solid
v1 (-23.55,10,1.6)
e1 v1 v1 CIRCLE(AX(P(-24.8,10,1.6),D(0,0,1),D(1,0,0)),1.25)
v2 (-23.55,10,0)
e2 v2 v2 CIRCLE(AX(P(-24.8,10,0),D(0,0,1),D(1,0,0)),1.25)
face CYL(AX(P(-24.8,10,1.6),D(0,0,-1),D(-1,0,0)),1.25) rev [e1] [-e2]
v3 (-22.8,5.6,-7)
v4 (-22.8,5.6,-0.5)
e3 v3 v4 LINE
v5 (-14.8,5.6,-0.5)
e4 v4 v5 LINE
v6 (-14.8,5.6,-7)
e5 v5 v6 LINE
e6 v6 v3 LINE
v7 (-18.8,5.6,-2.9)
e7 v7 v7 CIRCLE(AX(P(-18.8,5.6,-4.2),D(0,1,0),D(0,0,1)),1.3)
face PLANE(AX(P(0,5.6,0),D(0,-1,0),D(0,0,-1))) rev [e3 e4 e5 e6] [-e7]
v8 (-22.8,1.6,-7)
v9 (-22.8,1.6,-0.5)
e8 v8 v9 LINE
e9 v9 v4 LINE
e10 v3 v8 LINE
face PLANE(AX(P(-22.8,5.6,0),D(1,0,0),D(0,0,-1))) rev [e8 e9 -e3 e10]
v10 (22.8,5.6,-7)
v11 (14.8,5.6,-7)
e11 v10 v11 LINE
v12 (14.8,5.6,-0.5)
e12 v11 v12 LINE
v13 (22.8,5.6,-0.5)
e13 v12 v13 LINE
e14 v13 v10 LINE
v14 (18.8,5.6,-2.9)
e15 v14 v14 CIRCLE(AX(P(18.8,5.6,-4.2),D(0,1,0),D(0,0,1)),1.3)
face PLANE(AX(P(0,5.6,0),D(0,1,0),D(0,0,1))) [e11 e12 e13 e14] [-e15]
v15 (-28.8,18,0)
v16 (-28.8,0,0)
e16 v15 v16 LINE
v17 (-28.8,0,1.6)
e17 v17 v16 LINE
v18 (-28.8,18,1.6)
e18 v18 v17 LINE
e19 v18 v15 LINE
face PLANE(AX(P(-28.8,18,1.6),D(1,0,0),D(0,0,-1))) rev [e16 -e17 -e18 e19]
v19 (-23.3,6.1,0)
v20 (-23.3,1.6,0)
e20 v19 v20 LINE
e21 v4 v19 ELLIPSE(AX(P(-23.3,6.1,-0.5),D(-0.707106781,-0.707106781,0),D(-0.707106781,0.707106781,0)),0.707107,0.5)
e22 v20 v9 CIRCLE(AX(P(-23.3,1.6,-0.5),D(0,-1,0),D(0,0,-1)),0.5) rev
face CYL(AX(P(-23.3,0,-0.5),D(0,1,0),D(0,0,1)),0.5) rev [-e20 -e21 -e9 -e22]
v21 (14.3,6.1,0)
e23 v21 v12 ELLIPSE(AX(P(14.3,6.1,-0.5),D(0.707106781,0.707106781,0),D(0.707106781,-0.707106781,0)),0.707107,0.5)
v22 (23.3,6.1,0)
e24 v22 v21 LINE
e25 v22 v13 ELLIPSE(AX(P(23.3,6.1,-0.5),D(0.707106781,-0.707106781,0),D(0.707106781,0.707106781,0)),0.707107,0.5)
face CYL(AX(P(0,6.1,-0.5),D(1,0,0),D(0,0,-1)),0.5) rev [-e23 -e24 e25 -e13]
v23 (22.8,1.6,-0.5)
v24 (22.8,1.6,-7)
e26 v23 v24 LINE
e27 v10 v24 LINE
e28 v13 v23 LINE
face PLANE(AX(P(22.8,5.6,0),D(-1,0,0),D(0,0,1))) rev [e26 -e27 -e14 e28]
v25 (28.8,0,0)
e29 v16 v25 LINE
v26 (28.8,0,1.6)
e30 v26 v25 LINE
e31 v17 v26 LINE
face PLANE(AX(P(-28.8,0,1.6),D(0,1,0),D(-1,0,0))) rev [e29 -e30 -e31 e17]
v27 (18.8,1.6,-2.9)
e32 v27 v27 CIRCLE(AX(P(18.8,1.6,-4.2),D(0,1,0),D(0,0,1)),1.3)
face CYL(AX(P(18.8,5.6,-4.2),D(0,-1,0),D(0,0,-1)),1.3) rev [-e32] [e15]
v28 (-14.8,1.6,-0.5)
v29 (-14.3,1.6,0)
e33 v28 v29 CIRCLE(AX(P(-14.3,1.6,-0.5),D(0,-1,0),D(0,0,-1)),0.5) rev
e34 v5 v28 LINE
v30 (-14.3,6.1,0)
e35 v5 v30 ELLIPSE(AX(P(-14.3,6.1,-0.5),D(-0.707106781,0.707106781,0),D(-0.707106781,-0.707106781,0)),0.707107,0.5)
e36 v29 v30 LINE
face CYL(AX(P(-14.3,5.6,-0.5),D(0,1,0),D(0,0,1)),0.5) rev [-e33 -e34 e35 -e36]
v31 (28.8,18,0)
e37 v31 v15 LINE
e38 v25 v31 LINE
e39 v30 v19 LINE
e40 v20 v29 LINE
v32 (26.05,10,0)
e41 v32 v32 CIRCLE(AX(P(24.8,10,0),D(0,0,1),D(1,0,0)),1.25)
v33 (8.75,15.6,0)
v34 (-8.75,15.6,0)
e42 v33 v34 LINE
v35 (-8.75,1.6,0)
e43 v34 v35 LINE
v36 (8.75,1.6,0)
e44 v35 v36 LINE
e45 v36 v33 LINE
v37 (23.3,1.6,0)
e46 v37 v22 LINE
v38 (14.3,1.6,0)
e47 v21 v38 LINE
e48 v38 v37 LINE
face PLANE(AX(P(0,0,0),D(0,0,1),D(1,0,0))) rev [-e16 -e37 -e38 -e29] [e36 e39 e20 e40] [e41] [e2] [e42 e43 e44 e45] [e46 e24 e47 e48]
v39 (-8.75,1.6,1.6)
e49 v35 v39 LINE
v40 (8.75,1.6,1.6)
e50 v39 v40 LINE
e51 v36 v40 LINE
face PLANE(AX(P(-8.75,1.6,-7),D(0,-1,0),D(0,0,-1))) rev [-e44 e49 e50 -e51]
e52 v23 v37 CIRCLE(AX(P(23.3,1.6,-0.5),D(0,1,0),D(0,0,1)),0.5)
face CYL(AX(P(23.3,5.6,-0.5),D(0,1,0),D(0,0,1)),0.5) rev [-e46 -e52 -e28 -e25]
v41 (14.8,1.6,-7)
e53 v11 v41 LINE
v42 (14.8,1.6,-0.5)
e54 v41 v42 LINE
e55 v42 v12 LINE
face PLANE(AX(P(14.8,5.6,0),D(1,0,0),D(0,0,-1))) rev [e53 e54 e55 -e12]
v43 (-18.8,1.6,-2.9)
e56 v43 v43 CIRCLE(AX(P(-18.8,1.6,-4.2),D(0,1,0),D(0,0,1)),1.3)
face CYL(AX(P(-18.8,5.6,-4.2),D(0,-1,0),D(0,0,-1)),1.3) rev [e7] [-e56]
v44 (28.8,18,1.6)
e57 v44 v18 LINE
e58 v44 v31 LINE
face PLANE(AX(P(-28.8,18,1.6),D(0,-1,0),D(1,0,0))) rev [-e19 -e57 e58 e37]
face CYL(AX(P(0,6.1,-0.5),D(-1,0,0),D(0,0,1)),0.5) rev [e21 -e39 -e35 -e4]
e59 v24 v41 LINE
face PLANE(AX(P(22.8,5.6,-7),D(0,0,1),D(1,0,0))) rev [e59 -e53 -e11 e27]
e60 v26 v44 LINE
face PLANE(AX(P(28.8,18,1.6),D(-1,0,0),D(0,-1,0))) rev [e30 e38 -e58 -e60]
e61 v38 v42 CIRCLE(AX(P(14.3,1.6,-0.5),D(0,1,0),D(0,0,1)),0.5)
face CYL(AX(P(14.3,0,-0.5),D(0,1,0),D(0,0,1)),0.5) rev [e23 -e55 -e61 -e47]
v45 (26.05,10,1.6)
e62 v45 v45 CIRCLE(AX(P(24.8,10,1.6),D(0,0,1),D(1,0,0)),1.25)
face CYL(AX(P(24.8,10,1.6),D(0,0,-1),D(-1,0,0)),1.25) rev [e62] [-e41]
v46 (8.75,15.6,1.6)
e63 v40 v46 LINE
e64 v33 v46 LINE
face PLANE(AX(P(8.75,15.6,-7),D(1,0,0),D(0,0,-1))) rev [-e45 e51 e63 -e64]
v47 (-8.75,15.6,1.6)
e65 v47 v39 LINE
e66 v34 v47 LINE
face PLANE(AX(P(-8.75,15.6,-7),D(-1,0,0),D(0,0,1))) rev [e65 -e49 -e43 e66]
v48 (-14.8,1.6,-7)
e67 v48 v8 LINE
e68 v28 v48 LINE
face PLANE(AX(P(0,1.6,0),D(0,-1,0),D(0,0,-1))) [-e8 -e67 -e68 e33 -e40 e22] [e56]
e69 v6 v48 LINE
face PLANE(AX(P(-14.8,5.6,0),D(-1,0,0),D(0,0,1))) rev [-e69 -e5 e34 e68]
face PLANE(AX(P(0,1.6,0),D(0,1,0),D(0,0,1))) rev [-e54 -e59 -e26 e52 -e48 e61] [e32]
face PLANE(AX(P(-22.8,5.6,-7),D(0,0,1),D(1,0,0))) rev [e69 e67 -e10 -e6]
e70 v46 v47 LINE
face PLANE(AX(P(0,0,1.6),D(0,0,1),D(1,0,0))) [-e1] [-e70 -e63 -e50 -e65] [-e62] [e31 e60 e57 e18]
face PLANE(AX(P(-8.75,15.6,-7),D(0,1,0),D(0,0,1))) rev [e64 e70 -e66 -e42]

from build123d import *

# Parameters (mm, degrees)
SKETCH1_W               = 57.6
SKETCH1_H               = 18
SKETCH1_R               = 1.25
BOSS_EXTRUDE1_DEPTH     = 1.6
SKETCH7_W               = 8
SKETCH7_H               = 7
SKETCH7_R               = 1.3
BOSS_EXTRUDE3_DEPTH     = 4
BOSS_EXTRUDE3_2_DEPTH   = 4
CUT_EXTRUDE1_DEPTH      = 35.676216633
CUT_EXTRUDE1_DEPTH_BACK = 35.676216633
SKETCH8_W               = 17.5
SKETCH8_H               = 14
FILLET1_R               = 0.5


with BuildPart() as part:
    # Sketch1 → Boss-Extrude1 (new body)
    with BuildSketch(Plane.XY):
        with Locations((0, 9)):
            Rectangle(SKETCH1_W, SKETCH1_H)
        with Locations((-24.8, 10)):
            Circle(SKETCH1_R, mode=Mode.SUBTRACT)
        with Locations((24.8, 10)):
            Circle(SKETCH1_R, mode=Mode.SUBTRACT)
    extrude(amount=BOSS_EXTRUDE1_DEPTH)

    # Sketch8 → Cut-Extrude1 (cut, two sides: drawn at the far end of the back side and taken through both)
    with BuildSketch(Plane.XY.offset(-CUT_EXTRUDE1_DEPTH_BACK)):
        with Locations((0, 8.6)):
            Rectangle(SKETCH8_W, SKETCH8_H)
    extrude(amount=CUT_EXTRUDE1_DEPTH + CUT_EXTRUDE1_DEPTH_BACK, mode=Mode.SUBTRACT)


with BuildPart() as body_2:
    # Sketch7 → Boss-Extrude3 (new body)
    with BuildSketch(Plane(origin=(0, 1.6, 0), x_dir=(1, 0, 0), z_dir=(0, 1, 0))):
        with Locations((-18.8, 3.5)):
            Rectangle(SKETCH7_W, SKETCH7_H)
        with Locations((-18.8, 4.2)):
            Circle(SKETCH7_R, mode=Mode.SUBTRACT)
    extrude(amount=BOSS_EXTRUDE3_DEPTH)


with BuildPart() as body_3:
    # Sketch7 → Boss-Extrude3 2 (new body)
    with BuildSketch(Plane(origin=(0, 1.6, 0), x_dir=(1, 0, 0), z_dir=(0, 1, 0))):
        with Locations((18.8, 3.5)):
            Rectangle(SKETCH7_W, SKETCH7_H)
        with Locations((18.8, 4.2)):
            Circle(SKETCH7_R, mode=Mode.SUBTRACT)
    extrude(amount=BOSS_EXTRUDE3_2_DEPTH)


with BuildPart() as body_2_1:
    add(body_2.part)

    # Combine1: union part, body 3
    add(part.part)
    add(body_3.part)

    # Fillet1
    fillet1_edges = [body_2_1.edges().sort_by_distance(p)[0] for p in [
        (-14.8, 3.6, 0),
        (-22.8, 3.6, 0),
        (-18.8, 5.6, 0),
        (14.8, 3.6, 0),
        (22.8, 3.6, 0),
        (18.8, 5.6, 0),
    ]]
    fillet(fillet1_edges, radius=FILLET1_R)


solid = body_2_1.part
